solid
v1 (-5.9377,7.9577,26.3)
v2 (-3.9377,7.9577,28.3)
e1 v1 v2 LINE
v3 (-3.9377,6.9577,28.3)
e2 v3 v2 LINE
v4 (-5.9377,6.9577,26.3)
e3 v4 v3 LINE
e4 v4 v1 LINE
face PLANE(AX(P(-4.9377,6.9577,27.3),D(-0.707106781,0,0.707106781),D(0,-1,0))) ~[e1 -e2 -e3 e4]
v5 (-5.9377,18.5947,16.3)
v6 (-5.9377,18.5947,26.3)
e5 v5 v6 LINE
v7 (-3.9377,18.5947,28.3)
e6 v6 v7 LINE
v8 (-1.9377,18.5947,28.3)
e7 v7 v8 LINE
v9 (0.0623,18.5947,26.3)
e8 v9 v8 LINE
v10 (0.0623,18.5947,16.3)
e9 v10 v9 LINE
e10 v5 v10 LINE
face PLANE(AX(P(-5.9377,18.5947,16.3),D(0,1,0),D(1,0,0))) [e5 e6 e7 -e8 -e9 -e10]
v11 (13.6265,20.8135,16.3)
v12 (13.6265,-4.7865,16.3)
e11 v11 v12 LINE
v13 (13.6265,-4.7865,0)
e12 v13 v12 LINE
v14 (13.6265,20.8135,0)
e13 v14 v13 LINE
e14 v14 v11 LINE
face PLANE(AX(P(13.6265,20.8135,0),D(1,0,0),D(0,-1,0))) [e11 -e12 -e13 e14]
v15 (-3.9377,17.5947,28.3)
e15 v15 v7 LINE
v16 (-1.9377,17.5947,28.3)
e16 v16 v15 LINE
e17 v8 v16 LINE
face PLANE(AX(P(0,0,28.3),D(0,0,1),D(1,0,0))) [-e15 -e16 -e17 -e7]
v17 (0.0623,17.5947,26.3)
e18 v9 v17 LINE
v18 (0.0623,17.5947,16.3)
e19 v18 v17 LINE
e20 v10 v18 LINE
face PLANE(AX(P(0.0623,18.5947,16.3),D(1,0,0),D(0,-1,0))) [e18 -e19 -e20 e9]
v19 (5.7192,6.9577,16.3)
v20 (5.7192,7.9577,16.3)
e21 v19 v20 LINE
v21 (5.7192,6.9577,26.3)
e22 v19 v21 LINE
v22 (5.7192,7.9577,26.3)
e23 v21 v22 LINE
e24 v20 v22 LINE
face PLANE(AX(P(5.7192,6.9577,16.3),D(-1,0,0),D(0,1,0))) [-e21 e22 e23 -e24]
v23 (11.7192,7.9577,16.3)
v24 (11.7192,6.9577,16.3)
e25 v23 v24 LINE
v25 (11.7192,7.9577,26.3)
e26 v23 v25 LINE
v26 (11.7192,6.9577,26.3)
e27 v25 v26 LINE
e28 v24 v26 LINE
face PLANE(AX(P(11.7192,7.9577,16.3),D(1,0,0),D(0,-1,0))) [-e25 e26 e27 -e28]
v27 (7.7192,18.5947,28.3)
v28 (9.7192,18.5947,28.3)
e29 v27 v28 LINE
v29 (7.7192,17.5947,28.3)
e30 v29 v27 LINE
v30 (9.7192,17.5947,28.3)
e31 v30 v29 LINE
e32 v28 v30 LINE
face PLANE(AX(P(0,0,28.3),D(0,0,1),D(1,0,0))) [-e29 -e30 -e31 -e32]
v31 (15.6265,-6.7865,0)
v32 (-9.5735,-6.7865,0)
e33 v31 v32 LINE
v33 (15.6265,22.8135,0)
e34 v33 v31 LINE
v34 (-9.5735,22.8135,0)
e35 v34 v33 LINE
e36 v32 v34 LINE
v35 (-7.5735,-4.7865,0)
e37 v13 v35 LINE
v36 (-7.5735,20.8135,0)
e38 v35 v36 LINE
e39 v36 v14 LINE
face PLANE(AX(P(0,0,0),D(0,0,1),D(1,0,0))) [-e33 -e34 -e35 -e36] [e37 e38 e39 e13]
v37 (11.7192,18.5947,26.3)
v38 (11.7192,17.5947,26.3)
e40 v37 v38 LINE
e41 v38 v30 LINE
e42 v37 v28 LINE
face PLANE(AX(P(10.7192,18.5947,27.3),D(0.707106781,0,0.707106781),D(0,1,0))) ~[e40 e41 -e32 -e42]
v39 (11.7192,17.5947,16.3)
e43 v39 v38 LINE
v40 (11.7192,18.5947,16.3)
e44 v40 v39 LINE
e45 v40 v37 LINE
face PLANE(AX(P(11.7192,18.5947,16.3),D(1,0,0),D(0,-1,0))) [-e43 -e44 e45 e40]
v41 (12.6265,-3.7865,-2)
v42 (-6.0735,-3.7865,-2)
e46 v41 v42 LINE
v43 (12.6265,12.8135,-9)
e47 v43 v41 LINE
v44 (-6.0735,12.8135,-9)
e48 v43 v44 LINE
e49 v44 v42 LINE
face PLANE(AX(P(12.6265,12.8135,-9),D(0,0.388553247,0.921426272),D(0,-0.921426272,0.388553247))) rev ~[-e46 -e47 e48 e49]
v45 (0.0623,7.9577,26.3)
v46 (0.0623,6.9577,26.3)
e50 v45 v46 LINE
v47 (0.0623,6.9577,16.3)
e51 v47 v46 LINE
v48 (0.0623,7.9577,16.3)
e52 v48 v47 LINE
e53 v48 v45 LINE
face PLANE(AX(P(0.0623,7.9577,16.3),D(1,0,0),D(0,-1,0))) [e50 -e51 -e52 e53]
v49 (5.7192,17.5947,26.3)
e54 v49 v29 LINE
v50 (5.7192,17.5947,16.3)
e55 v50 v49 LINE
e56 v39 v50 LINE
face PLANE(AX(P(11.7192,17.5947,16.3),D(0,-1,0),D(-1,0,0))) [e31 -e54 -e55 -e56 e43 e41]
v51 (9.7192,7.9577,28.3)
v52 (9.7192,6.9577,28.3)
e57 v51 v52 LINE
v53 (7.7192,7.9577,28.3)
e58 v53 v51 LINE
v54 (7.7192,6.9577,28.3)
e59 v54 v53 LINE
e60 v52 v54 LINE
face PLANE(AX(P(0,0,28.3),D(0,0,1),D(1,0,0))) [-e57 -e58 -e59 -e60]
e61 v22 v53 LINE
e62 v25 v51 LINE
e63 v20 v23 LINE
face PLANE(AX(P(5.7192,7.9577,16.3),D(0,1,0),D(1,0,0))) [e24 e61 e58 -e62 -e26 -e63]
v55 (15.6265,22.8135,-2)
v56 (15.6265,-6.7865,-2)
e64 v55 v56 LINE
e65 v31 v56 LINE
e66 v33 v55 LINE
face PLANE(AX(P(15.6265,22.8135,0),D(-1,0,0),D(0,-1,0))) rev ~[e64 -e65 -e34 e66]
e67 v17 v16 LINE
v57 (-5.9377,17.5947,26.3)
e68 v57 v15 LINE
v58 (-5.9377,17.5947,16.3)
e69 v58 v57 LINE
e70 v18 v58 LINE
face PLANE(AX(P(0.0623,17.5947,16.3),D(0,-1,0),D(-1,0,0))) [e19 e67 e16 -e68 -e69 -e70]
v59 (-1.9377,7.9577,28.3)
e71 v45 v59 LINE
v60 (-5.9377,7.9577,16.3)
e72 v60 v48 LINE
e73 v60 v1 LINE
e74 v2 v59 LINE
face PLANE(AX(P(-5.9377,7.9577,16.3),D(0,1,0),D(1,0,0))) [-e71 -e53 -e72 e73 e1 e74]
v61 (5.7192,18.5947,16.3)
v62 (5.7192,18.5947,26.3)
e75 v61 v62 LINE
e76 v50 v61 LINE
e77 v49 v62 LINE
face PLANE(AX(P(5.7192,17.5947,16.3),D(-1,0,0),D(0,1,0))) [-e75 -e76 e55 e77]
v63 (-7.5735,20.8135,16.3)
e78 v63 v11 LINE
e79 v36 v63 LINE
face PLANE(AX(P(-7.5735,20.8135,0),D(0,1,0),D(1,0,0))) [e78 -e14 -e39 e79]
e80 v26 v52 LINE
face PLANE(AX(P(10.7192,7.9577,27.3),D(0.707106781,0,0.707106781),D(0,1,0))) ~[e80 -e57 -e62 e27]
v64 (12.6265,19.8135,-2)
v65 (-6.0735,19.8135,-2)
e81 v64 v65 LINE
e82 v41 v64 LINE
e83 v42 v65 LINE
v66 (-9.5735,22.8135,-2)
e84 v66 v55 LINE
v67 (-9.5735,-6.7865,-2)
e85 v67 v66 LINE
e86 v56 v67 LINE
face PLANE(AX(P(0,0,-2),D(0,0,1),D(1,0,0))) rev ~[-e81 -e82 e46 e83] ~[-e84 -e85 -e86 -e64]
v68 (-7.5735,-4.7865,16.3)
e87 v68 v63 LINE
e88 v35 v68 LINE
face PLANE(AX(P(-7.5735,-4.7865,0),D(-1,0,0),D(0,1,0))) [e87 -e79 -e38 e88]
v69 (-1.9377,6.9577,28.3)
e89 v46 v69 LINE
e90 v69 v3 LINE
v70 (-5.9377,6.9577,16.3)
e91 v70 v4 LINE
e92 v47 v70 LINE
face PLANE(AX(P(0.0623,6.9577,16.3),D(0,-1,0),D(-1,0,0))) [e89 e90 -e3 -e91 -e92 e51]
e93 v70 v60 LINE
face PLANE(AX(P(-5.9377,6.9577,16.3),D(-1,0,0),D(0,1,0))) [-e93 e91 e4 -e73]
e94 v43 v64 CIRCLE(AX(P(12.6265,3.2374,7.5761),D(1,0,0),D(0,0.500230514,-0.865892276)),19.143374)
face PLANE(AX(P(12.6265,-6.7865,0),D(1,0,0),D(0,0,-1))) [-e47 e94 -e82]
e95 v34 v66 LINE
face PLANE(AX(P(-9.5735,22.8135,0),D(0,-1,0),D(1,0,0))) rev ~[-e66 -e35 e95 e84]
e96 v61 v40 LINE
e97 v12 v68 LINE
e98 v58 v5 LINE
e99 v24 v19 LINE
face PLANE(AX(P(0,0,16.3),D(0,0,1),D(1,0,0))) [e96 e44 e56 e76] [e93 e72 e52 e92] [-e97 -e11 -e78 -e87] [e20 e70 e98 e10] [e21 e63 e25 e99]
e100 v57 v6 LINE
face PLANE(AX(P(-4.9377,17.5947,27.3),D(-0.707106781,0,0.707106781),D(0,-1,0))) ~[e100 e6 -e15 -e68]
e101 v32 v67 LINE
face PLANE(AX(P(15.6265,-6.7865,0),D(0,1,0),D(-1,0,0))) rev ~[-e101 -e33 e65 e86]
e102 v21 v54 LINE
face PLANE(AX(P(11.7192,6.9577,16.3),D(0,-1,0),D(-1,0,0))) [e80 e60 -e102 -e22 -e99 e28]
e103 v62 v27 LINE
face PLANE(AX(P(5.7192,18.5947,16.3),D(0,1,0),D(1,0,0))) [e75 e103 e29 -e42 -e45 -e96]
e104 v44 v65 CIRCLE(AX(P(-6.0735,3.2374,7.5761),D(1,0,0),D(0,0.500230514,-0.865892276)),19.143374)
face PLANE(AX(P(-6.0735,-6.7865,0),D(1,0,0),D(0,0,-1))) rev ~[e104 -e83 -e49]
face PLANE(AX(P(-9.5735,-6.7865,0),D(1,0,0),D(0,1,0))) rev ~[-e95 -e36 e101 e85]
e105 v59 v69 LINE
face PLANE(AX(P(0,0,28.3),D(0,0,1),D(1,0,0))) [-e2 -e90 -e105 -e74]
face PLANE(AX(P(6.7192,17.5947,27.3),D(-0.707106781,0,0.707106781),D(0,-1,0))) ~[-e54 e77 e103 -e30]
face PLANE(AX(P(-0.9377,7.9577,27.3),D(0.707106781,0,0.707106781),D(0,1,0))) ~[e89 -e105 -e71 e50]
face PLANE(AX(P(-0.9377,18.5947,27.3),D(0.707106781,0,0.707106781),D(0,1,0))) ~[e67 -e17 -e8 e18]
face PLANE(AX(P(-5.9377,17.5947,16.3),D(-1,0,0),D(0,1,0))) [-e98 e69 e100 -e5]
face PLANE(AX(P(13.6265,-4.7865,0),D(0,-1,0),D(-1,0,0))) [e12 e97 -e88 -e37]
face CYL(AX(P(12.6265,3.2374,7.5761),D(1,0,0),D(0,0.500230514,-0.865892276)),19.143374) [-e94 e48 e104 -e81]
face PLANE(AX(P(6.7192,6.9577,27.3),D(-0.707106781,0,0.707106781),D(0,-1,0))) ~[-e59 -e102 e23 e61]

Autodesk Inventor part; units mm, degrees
ref_plane "YZ Plane" through (0, 0, 0) normal (1, 0, 0) x (0, 1, 0)
ref_plane "XZ Plane" through (0, 0, 0) normal (0, 1, 0) x (-1, 0, 0)
sketch "Szkic1" plane through (0, 0, 0) normal (0, 0, 1) x (1, 0, 0)
  line L0 (-7.5735, 20.8135) -> (13.6265, 20.8135)
  line L1 (13.6265, 20.8135) -> (13.6265, -4.7865)
  line L2 (13.6265, -4.7865) -> (-7.5735, -4.7865)
  line L3 (-7.5735, -4.7865) -> (-7.5735, 20.8135)
  line L4 (-9.5735, 22.8135) -> (15.6265, 22.8135)
  line L5 (15.6265, 22.8135) -> (15.6265, -6.7865)
  line L6 (15.6265, -6.7865) -> (-9.5735, -6.7865)
  line L7 (-9.5735, -6.7865) -> (-9.5735, 22.8135)
  point P0 (0, 0)
  dimension "d0" = 21.2
  dimension "d1" = 25.6
  dimension "d2" = 2
extrude "Wyciągnięcie proste1" add sketch "Szkic1" along normal blind 16.3 contours L0 L1 L2 L3
extrude "Wyciągnięcie proste2" add sketch "Szkic1" against normal blind 2 contours L0 L1 L2 L3 | L4 L5 L6 L7
ref_plane "Płaszczyzna konstrukcyjna1" through (12.6265, -6.7865, 0) normal (1, 0, 0) x (0, 0, -1)
sketch "Szkic2" plane through (12.6265, -6.7865, 0) normal (1, 0, 0) x (0, 0, -1)
  line L0 (2, 0) -> (2, 29.6) projected
  line L1 (0, 0) -> (2, 0) projected
  line L2 (0, 29.6) -> (2, 29.6) projected
  line L3 (0, 27.6) -> (-16.3, 27.6) projected
  line L4 (0, 2) -> (-16.3, 2) projected
  arc A0 (9, 19.6) -> (2, 26.6) centre (-7.5761, 10.0239) ccw
  line L5 (9, 19.6) -> (2, 3)
  point P0 (0, 6.7865)
  dimension "d8" = 7
  dimension "d9" = 29.6
  dimension "d10" = 2
  dimension "d11" = 10
  dimension "d12" = 1
  dimension "d13" = 1
extrude "Wyciągnięcie proste3" add sketch "Szkic2" against normal blind 18.7
sketch "Szkic3" plane through (0, 0, 16.3) normal (0, 0, 1) x (1, 0, 0)
  line L0 (13.6265, 20.8135) -> (-7.5735, 20.8135) projected
  line L1 (-7.5735, 20.8135) -> (-7.5735, -4.7865) projected
  line L2 (-7.5735, -4.7865) -> (13.6265, -4.7865) projected
  line L3 (13.6265, -4.7865) -> (13.6265, 20.8135) projected
  line L4 (-5.9377, 18.5947) -> (0.0623, 18.5947)
  line L5 (0.0623, 18.5947) -> (0.0623, 17.5947)
  line L6 (0.0623, 17.5947) -> (-5.9377, 17.5947)
  line L7 (-5.9377, 17.5947) -> (-5.9377, 18.5947)
  line L8 (5.7192, 18.5947) -> (11.7192, 18.5947)
  line L9 (11.7192, 18.5947) -> (11.7192, 17.5947)
  line L10 (11.7192, 17.5947) -> (5.7192, 17.5947)
  line L11 (5.7192, 17.5947) -> (5.7192, 18.5947)
  line L12 (-5.9377, 7.9577) -> (0.0623, 7.9577)
  line L13 (0.0623, 7.9577) -> (0.0623, 6.9577)
  line L14 (0.0623, 6.9577) -> (-5.9377, 6.9577)
  line L15 (-5.9377, 6.9577) -> (-5.9377, 7.9577)
  line L16 (5.7192, 7.9577) -> (11.7192, 7.9577)
  line L17 (11.7192, 7.9577) -> (11.7192, 6.9577)
  line L18 (11.7192, 6.9577) -> (5.7192, 6.9577)
  line L19 (5.7192, 6.9577) -> (5.7192, 7.9577)
  point P0 (0, 0)
  dimension "d16" = 6
  dimension "d17" = 1
  dimension "d18" = 6
  dimension "d19" = 1
  dimension "d20" = 6
  dimension "d21" = 1
  dimension "d22" = 6
  dimension "d23" = 1
extrude "Wyciągnięcie proste4" add sketch "Szkic3" along normal blind 12 contours L4 L5 L6 L7 | L8 L9 L10 L11 | L12 L13 L14 L15 | L16 L17 L18 L19
chamfer "Faza1" distance 2 angle 45 8 edges at (0.0623, 18.0947, 28.3) (-5.9377, 18.0947, 28.3) (11.7192, 18.0947, 28.3) (5.7192, 18.0947, 28.3) (11.7192, 7.4577, 28.3) (5.7192, 7.4577, 28.3) (0.0623, 7.4577, 28.3) (-5.9377, 7.4577, 28.3)
sketch "Szkic4" plane through (12.6265, -3.7865, -2) normal (0, -0.3886, -0.9214) x (-1, 0, 0)
  line L0 (6.8473, 17.5297) -> (14.0234, 17.5297) construction
  line L1 (14.0234, 17.5297) -> (14.0234, 9.4771) construction
  line L2 (14.0234, 9.4771) -> (6.8473, 9.4771) construction
  line L3 (6.8473, 9.4771) -> (6.8473, 17.5297) construction
  line L4 (8.3846, 8.6266) -> (9.6316, 8.6266) construction
  line L5 (9.6316, 8.6266) -> (9.6316, 4.3438) construction
  line L6 (9.6316, 4.3438) -> (8.3846, 4.3438) construction
  line L7 (8.3846, 4.3438) -> (8.3846, 8.6266) construction
properties part number "COTS_GENERIC_AC_Power_Switch_10A"
